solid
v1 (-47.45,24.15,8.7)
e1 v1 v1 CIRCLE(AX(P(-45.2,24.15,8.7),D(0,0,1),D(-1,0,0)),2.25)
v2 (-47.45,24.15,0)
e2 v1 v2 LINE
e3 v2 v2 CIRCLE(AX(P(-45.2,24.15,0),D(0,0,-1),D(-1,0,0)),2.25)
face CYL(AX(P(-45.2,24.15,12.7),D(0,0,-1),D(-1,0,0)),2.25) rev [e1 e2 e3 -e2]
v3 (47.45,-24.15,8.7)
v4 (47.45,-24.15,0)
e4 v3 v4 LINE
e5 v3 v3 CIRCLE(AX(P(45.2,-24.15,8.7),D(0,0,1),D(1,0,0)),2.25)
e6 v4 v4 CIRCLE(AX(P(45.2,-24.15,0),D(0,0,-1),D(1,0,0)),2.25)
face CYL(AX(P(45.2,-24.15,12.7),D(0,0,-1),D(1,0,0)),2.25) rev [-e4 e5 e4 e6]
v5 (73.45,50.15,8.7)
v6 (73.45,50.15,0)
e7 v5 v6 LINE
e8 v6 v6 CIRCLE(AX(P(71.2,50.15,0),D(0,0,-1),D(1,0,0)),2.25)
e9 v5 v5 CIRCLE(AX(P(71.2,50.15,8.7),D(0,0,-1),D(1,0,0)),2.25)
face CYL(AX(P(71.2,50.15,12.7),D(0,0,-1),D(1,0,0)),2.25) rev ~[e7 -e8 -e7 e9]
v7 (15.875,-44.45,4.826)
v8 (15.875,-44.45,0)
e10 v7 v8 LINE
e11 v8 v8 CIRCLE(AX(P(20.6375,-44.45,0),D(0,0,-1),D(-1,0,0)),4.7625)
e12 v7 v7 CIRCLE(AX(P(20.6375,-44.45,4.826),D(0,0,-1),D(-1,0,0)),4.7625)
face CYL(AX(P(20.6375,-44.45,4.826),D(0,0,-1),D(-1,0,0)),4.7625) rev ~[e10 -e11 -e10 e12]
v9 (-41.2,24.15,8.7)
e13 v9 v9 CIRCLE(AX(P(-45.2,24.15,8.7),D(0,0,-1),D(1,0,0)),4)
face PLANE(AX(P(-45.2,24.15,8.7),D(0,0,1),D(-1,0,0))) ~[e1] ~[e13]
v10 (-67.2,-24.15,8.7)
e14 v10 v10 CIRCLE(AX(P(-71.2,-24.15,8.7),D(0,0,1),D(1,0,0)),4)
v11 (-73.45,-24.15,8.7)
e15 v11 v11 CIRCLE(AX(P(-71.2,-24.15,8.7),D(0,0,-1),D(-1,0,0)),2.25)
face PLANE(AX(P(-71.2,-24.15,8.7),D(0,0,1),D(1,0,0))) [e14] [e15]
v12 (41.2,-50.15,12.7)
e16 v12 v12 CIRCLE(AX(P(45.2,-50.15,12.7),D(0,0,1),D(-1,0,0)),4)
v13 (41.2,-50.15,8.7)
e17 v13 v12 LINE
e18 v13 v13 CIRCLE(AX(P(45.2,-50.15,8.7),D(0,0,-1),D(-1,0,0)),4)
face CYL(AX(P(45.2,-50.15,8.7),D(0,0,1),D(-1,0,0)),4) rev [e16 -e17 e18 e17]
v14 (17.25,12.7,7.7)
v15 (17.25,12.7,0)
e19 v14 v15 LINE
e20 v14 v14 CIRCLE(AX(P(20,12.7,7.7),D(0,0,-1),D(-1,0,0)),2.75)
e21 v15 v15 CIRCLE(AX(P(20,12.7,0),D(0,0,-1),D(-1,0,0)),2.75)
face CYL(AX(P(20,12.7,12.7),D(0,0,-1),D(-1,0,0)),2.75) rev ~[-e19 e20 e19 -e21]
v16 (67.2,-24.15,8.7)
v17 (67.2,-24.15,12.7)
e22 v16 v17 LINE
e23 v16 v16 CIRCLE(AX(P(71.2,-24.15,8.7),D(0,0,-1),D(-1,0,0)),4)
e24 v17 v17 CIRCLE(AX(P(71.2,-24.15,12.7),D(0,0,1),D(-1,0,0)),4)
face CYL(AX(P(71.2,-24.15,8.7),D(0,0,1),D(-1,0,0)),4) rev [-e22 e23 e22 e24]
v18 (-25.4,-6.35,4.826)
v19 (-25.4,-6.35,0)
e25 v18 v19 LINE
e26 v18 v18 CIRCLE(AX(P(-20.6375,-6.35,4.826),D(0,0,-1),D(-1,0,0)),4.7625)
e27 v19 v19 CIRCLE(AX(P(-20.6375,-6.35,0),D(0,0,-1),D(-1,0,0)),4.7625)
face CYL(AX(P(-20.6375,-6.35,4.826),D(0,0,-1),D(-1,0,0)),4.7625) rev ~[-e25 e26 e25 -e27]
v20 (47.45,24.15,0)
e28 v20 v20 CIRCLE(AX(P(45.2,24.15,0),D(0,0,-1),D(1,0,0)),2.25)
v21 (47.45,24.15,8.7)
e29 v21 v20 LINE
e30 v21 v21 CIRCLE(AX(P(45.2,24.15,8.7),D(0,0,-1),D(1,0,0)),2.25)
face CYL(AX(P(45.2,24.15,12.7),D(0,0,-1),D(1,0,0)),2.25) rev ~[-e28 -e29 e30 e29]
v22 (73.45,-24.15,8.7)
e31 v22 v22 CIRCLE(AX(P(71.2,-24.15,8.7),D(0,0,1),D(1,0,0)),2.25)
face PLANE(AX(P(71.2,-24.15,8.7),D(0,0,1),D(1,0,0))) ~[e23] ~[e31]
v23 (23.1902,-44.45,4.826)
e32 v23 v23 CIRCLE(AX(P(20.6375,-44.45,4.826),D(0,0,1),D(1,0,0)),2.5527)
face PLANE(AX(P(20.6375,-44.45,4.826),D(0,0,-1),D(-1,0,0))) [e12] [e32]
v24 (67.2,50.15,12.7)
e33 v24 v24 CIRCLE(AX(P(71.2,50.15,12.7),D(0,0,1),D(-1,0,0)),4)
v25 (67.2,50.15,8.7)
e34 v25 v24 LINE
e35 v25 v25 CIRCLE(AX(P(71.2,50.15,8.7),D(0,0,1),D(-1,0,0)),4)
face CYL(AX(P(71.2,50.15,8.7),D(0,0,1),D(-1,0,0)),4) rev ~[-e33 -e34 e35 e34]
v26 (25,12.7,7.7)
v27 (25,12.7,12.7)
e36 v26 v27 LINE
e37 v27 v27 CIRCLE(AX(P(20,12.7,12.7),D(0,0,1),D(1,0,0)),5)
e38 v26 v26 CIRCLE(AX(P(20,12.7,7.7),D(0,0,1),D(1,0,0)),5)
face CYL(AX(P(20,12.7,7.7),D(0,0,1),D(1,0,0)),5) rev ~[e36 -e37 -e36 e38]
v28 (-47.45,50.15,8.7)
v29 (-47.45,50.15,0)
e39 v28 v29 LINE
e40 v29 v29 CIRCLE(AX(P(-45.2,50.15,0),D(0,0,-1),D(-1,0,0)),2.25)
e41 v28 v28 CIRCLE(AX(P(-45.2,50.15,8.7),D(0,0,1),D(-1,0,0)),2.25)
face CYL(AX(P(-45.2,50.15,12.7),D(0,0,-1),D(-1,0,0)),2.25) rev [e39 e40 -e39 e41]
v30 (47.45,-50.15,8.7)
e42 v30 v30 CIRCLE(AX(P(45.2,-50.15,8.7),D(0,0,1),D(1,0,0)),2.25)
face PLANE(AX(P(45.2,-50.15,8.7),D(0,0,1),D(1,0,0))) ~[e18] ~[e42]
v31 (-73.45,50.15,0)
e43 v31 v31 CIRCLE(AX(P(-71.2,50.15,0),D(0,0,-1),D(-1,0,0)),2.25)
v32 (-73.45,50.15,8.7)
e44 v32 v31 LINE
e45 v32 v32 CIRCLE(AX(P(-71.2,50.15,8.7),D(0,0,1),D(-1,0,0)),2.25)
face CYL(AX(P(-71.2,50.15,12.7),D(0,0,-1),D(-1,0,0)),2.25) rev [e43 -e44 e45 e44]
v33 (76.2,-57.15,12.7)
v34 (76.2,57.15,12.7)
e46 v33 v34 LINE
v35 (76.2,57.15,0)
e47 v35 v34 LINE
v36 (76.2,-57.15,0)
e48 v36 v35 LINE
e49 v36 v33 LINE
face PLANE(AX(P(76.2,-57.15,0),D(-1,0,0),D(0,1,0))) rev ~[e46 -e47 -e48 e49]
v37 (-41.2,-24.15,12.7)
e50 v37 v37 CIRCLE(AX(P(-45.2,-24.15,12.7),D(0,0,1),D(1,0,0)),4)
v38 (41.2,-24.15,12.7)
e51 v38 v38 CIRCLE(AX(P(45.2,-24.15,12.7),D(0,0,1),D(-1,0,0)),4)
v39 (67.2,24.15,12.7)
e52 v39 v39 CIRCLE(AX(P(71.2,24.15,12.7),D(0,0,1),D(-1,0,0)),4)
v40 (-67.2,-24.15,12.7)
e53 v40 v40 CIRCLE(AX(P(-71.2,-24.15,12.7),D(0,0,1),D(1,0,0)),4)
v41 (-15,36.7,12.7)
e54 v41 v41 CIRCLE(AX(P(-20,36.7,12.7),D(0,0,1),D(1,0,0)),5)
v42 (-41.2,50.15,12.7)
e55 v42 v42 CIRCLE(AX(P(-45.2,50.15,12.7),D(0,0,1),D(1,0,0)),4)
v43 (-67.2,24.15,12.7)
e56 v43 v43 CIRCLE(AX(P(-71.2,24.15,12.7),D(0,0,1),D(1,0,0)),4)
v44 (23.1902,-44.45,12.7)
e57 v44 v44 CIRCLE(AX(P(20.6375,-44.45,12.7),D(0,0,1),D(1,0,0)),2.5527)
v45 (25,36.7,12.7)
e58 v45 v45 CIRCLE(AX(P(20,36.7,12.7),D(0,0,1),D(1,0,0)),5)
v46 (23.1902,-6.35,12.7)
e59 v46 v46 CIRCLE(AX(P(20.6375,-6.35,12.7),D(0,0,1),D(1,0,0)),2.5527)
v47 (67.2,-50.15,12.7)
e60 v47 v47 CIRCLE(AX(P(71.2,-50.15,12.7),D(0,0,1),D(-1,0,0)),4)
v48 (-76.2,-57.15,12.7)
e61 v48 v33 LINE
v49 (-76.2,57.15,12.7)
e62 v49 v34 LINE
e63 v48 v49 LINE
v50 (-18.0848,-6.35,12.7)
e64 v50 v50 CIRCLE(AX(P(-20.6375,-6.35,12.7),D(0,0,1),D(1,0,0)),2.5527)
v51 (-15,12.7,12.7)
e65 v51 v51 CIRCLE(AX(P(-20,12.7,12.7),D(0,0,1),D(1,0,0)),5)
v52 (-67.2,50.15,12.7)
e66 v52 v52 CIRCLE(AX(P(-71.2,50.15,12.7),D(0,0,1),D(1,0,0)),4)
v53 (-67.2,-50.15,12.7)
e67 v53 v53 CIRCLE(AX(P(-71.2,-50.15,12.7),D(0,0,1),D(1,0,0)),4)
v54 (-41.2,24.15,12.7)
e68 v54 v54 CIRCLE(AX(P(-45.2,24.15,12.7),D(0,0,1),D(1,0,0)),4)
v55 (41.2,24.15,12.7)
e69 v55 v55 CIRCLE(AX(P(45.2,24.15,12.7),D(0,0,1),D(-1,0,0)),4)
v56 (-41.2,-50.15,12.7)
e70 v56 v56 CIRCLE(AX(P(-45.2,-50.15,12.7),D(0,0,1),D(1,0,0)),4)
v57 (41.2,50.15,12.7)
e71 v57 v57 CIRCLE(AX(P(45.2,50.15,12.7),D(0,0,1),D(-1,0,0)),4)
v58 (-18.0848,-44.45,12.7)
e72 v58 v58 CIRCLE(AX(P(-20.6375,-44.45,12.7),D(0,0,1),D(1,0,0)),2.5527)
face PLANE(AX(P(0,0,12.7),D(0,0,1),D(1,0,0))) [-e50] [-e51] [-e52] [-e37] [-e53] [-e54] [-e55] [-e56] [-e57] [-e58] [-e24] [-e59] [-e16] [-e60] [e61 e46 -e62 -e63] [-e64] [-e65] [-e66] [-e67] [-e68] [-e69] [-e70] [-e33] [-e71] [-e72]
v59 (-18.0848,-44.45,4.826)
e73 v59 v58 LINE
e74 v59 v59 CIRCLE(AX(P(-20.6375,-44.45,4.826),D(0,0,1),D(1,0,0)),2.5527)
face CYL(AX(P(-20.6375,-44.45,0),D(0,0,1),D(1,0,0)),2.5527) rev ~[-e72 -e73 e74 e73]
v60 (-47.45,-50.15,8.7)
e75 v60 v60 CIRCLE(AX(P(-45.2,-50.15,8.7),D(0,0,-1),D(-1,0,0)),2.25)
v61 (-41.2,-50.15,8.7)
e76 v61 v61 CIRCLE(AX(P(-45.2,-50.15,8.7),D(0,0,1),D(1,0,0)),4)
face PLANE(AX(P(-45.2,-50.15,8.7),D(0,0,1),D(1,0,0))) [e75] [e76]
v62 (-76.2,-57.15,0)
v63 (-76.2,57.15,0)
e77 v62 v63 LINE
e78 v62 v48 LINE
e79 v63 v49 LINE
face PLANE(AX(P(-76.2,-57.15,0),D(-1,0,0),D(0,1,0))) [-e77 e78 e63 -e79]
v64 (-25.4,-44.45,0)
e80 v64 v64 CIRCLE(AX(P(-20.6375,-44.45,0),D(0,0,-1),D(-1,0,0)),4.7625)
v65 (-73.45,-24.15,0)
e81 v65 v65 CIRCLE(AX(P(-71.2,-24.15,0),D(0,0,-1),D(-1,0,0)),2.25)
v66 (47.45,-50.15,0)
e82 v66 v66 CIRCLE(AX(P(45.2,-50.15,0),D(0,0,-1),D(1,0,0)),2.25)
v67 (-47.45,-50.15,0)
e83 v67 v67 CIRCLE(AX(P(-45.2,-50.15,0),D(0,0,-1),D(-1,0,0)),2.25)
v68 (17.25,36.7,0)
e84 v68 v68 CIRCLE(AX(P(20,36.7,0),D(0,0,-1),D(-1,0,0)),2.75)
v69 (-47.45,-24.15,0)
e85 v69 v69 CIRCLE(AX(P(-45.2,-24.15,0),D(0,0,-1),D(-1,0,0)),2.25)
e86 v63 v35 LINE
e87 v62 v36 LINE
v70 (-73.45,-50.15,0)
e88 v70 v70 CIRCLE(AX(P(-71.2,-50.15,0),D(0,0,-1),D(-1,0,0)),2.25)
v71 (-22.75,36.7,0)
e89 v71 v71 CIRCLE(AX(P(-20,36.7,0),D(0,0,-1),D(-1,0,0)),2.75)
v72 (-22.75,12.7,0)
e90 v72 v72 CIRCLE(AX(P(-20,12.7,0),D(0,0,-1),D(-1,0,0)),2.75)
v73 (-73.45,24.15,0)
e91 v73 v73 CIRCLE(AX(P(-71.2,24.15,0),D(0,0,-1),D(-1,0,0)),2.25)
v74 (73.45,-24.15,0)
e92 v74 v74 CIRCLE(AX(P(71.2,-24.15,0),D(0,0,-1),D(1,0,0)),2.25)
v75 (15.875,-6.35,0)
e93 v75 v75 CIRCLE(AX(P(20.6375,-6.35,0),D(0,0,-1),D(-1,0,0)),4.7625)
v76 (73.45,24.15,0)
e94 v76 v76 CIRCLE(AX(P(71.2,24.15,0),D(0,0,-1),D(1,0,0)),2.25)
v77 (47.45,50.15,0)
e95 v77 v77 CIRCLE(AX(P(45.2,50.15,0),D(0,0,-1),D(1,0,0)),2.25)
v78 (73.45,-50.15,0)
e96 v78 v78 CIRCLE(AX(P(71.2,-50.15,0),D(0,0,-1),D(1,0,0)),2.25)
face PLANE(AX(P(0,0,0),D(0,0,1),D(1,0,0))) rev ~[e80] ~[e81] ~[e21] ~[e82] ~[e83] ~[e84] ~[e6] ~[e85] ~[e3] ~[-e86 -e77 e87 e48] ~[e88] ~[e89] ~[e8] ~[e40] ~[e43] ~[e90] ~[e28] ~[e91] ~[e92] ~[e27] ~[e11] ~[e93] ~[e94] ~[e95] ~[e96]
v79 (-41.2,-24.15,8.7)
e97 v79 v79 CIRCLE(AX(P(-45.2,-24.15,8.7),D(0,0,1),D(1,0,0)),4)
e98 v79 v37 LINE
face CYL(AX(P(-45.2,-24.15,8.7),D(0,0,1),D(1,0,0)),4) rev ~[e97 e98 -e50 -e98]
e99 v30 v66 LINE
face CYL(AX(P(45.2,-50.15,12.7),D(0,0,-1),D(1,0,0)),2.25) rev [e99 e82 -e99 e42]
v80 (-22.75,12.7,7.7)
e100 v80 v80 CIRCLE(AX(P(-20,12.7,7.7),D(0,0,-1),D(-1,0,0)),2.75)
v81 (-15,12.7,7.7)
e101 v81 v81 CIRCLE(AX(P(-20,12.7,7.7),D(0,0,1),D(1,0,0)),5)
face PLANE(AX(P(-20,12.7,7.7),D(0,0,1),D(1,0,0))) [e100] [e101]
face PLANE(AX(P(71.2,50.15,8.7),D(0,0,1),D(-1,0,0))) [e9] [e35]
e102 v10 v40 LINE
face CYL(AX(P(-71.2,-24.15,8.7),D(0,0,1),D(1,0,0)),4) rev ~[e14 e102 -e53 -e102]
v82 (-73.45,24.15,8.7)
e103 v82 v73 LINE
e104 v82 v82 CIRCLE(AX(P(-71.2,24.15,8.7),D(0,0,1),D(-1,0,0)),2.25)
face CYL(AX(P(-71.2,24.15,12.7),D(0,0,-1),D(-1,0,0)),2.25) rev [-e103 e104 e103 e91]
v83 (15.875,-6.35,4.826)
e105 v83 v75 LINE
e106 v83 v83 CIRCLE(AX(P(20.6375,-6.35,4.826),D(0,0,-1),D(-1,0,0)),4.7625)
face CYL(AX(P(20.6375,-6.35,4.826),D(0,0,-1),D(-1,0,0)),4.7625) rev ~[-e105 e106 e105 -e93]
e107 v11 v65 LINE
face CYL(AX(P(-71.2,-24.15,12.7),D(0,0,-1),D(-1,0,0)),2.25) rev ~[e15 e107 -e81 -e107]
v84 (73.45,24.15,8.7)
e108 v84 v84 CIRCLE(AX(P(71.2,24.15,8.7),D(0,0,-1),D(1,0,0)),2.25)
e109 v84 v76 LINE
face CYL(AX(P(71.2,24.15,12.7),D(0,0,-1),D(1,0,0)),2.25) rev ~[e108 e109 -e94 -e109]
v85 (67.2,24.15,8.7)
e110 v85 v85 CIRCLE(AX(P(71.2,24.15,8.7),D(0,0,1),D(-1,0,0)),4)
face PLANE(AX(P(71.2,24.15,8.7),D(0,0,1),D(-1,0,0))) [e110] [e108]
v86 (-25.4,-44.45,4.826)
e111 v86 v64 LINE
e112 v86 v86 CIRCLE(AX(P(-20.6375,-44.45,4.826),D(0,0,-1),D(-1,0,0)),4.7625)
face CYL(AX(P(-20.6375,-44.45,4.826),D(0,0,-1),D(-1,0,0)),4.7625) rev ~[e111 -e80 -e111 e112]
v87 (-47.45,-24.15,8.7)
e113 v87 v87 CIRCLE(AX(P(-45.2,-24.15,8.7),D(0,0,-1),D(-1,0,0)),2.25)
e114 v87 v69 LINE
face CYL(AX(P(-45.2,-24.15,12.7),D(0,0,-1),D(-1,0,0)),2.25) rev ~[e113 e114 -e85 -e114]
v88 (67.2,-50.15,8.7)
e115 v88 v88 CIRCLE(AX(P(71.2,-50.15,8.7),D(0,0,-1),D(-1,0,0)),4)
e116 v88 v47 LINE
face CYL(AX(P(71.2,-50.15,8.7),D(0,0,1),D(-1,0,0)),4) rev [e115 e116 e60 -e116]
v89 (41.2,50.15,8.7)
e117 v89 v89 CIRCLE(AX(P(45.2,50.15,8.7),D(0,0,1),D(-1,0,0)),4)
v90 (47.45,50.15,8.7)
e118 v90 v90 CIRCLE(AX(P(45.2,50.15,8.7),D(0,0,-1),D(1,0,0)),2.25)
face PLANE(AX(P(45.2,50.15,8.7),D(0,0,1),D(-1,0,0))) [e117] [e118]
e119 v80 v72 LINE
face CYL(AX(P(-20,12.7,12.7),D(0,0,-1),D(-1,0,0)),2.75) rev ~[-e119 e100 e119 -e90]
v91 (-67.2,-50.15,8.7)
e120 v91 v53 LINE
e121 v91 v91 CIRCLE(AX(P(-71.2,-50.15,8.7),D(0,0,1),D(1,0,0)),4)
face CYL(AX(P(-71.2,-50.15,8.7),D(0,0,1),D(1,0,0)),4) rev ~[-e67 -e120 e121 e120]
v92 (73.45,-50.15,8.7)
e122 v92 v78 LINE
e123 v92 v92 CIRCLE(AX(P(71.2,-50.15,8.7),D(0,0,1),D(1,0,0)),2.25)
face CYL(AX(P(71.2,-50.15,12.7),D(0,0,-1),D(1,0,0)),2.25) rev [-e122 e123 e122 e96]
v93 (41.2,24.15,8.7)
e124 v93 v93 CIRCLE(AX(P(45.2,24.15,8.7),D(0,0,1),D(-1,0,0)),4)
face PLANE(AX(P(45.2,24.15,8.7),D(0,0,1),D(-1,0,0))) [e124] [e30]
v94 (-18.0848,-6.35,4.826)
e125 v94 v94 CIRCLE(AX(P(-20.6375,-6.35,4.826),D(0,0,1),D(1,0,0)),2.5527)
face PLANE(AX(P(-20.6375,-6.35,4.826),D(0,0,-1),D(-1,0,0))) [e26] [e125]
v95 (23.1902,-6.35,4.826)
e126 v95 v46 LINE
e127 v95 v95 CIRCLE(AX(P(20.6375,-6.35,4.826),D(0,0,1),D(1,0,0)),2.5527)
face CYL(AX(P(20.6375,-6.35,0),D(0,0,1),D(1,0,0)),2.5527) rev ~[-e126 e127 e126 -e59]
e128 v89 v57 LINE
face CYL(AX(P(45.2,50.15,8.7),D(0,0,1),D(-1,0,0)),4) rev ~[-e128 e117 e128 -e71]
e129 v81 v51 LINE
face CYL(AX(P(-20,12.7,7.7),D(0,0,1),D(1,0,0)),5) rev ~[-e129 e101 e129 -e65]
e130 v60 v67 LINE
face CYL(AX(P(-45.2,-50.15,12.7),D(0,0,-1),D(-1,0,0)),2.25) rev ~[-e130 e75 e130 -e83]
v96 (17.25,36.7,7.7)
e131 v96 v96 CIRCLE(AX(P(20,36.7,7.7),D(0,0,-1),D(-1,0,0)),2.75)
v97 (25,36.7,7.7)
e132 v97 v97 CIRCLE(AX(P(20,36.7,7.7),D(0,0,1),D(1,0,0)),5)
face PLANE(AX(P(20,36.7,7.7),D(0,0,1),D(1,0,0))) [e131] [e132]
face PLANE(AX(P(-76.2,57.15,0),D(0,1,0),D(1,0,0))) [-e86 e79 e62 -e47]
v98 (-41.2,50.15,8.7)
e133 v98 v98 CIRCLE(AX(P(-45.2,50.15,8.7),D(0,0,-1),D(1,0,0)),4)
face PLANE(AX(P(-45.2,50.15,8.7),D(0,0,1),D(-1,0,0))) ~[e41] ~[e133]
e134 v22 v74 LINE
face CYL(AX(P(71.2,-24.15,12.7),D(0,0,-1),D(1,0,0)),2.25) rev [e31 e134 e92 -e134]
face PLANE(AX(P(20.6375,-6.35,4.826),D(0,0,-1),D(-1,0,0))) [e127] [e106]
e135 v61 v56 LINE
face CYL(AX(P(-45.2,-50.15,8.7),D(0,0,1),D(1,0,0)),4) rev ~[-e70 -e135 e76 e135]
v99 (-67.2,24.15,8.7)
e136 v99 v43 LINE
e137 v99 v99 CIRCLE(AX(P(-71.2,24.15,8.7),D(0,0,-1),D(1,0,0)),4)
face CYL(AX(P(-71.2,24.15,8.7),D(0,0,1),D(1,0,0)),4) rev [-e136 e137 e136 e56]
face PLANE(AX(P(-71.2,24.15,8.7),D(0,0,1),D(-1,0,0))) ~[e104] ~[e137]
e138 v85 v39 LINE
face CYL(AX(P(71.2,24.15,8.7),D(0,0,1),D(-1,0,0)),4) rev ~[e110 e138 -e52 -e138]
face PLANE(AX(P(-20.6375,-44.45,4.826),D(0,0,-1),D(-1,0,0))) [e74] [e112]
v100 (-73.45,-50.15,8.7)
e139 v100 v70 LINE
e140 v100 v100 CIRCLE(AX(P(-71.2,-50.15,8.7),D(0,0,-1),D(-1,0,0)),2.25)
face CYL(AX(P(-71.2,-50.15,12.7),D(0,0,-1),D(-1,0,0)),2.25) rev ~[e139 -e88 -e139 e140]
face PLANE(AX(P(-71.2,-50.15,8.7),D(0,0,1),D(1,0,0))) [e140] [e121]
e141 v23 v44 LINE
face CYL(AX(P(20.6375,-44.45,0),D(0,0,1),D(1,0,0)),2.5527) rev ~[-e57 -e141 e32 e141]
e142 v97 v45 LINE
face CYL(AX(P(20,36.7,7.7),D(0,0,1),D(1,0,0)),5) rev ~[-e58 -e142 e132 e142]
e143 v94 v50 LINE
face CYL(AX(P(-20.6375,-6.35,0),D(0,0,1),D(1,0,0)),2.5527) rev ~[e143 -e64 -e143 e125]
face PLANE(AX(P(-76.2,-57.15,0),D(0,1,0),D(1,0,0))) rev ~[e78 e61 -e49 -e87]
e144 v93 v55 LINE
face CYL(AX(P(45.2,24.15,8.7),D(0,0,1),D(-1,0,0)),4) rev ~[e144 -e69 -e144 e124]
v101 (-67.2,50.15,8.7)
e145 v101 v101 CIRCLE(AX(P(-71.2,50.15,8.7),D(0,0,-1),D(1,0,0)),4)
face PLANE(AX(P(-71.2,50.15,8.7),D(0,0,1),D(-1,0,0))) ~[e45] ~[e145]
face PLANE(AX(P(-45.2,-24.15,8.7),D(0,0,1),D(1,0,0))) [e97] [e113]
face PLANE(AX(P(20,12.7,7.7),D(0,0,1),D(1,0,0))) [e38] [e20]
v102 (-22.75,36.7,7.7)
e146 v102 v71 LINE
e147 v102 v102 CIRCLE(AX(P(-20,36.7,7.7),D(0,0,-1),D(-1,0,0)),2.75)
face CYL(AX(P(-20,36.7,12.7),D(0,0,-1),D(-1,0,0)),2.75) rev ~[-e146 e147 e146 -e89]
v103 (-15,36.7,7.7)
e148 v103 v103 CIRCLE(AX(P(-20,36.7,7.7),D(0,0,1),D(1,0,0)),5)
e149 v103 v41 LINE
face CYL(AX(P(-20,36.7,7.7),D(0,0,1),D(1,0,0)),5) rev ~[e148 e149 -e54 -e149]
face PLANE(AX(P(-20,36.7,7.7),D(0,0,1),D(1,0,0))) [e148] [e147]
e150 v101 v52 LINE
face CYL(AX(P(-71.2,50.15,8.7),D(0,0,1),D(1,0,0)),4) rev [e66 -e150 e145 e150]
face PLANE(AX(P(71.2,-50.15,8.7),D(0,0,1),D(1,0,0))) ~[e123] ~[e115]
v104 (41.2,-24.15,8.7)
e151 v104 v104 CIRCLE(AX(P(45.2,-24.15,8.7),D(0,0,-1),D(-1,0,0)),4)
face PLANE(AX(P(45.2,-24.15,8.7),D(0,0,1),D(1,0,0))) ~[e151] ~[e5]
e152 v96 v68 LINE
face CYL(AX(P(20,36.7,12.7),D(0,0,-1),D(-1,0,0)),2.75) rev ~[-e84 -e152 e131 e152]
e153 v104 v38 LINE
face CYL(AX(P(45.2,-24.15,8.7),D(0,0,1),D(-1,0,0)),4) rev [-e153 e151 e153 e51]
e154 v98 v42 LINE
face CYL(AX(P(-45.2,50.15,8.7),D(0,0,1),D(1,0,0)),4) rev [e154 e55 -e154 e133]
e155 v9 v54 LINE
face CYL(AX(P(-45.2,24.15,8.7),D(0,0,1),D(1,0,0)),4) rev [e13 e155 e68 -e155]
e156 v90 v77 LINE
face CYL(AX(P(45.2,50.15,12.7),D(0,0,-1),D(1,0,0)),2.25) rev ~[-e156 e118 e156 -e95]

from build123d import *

# Parameters (mm, degrees)
SKETCH1_W                                       = 152.4
SKETCH1_H                                       = 114.3
BOSS_EXTRUDE1_DEPTH                             = 12.7
CBORE_FOR_10_SOCKET_HEAD_CAP_SCREW1_D           = 5.1054
CBORE_FOR_10_SOCKET_HEAD_CAP_SCREW1_CBORE_D     = 9.525
CBORE_FOR_10_SOCKET_HEAD_CAP_SCREW1_CBORE_DEPTH = 4.826
CBORE_FOR_M4_SHCS1_D                            = 4.5
CBORE_FOR_M4_SHCS1_CBORE_D                      = 8
CBORE_FOR_M4_SHCS1_CBORE_DEPTH                  = 4
MIRROR2_COPY_1_D                                = 4.5
MIRROR2_COPY_1_CBORE_D                          = 8
MIRROR2_COPY_1_CBORE_DEPTH                      = 4
CBORE_FOR_M5_SHCS1_D                            = 5.5
CBORE_FOR_M5_SHCS1_CBORE_D                      = 10
CBORE_FOR_M5_SHCS1_CBORE_DEPTH                  = 5


with BuildPart() as part:
    # Sketch1 → Boss-Extrude1 (new body)
    with BuildSketch(Plane.XY):
        Rectangle(SKETCH1_W, SKETCH1_H)
    extrude(amount=BOSS_EXTRUDE1_DEPTH)

    # CBORE for #10 Socket Head Cap Screw1 (through all)
    with Locations(Plane(origin=(0, 0, 0), x_dir=(-1, 0, 0), z_dir=(0, 0, -1))):
        with Locations((-20.6375, -6.35), (20.6375, -6.35), (20.6375, -44.45), (-20.6375, -44.45)):
            CounterBoreHole(CBORE_FOR_10_SOCKET_HEAD_CAP_SCREW1_D / 2, CBORE_FOR_10_SOCKET_HEAD_CAP_SCREW1_CBORE_D / 2, CBORE_FOR_10_SOCKET_HEAD_CAP_SCREW1_CBORE_DEPTH)

    # CBORE for M4 SHCS1 (through all)
    with Locations(Plane.XY.offset(12.7)):
        with Locations((-71.2, -50.15), (-45.2, -50.15), (-45.2, -24.15), (-71.2, -24.15)):
            cbore_for_m4_shcs1 = CounterBoreHole(CBORE_FOR_M4_SHCS1_D / 2, CBORE_FOR_M4_SHCS1_CBORE_D / 2, CBORE_FOR_M4_SHCS1_CBORE_DEPTH)

    # Mirror1: CBORE for M4 SHCS1 across plane
    add(cbore_for_m4_shcs1.mirror(Plane.ZX), mode=Mode.SUBTRACT)

    # Mirror2: CBORE for M4 SHCS1 across plane
    add(cbore_for_m4_shcs1.mirror(Plane(origin=(0, 0, 0), x_dir=(0, 0, 1), z_dir=(1, 0, 0))), mode=Mode.SUBTRACT)

    # Mirror2 copy 1 (through all)
    with Locations(Plane(origin=(0, 0, 12.7), x_dir=(-1, 0, 0), z_dir=(0, 0, 1))):
        with Locations((-71.2, -50.15), (-45.2, -50.15), (-45.2, -24.15), (-71.2, -24.15)):
            CounterBoreHole(MIRROR2_COPY_1_D / 2, MIRROR2_COPY_1_CBORE_D / 2, MIRROR2_COPY_1_CBORE_DEPTH)

    # CBORE for M5 SHCS1 (through all)
    with Locations(Plane.XY.offset(12.7)):
        with Locations((-20, 36.7), (20, 36.7), (20, 12.7), (-20, 12.7)):
            CounterBoreHole(CBORE_FOR_M5_SHCS1_D / 2, CBORE_FOR_M5_SHCS1_CBORE_D / 2, CBORE_FOR_M5_SHCS1_CBORE_DEPTH)


solid = part.part
